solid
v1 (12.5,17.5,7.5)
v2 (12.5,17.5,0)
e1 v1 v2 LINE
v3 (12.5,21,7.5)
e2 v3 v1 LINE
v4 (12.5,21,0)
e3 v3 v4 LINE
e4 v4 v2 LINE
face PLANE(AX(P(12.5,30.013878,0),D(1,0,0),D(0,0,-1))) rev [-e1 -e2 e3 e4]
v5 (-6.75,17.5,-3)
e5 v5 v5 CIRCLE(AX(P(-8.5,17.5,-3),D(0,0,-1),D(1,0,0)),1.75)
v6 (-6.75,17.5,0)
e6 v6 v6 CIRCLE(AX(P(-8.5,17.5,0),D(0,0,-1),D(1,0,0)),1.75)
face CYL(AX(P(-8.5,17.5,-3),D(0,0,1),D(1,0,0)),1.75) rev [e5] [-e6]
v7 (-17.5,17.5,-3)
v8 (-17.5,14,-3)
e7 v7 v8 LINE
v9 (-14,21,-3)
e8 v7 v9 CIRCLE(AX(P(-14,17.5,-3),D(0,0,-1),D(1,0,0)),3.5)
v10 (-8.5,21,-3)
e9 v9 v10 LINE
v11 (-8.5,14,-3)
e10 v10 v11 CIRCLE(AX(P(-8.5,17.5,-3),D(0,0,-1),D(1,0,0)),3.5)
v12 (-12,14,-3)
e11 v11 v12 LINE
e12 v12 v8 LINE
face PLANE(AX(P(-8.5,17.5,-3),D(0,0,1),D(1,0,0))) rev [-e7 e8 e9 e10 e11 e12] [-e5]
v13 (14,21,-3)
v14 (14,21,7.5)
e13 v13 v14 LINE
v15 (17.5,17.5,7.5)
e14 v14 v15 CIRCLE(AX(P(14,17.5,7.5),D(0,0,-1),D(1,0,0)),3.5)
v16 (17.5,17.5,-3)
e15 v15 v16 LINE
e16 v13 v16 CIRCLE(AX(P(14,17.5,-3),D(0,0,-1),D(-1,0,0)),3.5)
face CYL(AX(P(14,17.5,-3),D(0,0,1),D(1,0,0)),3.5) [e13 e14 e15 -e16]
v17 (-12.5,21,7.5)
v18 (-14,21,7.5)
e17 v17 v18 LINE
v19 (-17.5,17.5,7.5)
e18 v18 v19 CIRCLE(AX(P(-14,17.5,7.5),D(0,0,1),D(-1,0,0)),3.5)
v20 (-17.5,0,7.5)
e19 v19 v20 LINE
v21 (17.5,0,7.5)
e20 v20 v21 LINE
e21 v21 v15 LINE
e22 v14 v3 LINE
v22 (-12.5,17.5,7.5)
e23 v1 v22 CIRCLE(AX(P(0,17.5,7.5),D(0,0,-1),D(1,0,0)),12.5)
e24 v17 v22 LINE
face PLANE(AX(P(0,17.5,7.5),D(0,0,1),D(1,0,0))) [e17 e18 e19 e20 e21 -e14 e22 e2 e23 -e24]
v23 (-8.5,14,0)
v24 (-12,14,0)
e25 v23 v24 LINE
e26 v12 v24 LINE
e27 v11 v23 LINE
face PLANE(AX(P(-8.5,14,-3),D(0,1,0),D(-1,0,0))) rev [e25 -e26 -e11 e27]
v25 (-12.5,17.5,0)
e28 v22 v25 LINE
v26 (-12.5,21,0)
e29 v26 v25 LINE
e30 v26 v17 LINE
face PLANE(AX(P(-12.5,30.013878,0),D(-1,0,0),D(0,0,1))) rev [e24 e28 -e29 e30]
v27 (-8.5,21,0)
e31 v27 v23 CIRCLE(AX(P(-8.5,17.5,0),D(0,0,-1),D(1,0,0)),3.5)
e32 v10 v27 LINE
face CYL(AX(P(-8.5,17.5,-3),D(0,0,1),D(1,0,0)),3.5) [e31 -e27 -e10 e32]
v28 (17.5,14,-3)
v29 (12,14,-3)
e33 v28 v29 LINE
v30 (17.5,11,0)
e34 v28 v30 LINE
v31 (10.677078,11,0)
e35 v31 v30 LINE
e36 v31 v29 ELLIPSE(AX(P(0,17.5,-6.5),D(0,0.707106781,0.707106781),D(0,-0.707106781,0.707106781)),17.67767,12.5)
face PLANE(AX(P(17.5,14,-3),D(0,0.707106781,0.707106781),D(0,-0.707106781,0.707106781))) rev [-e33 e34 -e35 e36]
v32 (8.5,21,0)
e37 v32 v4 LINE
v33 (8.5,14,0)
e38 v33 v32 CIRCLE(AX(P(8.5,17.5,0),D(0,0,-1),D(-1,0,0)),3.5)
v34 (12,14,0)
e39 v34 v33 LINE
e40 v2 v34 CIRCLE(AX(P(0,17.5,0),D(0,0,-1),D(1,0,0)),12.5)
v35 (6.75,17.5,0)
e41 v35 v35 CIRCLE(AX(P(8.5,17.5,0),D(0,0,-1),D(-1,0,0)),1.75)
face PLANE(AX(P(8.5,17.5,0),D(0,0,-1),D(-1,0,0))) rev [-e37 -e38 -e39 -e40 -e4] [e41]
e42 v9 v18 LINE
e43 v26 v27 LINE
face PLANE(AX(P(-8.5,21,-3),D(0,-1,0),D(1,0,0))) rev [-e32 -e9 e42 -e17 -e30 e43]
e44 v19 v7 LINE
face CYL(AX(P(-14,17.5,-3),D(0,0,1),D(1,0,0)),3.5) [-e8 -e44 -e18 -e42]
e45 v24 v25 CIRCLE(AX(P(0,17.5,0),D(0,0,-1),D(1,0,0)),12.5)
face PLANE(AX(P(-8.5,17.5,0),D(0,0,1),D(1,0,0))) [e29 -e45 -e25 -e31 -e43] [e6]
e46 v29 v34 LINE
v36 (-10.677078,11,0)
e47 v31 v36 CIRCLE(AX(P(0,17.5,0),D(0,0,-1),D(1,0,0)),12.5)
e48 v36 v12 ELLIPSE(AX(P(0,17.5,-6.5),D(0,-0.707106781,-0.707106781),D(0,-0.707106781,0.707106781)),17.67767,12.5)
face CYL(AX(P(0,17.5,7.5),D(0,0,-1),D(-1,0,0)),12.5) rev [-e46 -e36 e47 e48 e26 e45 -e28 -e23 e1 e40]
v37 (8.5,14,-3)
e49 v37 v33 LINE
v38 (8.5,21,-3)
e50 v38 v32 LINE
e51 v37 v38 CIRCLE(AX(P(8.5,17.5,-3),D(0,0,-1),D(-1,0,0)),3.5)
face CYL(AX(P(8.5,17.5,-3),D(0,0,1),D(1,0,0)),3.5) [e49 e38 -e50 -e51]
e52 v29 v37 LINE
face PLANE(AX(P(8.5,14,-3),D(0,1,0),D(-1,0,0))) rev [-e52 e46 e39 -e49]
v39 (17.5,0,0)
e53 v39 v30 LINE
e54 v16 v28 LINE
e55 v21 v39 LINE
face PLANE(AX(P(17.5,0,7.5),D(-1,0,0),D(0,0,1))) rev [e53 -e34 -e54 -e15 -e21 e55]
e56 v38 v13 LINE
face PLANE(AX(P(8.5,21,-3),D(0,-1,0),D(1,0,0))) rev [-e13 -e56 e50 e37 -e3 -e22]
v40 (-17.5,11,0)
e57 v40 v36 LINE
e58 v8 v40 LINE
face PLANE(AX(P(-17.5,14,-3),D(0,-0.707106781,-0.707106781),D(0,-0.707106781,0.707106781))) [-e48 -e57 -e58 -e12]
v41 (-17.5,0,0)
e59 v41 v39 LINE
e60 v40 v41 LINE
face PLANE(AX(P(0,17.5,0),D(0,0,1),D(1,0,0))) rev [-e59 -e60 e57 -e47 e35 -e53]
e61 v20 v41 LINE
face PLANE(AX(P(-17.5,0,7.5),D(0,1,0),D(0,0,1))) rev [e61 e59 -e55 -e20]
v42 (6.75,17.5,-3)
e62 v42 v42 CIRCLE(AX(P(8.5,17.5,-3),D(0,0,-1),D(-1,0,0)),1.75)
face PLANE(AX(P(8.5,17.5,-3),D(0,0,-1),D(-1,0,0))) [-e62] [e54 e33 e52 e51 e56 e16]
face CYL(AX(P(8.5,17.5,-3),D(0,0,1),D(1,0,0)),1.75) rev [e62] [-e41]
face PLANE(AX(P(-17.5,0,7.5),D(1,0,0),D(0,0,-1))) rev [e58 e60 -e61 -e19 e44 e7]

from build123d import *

# Parameters (mm, degrees)
BOSS_EXTRUDE1_DEPTH = 7.5
SKETCH2_R           = 1.75
BOSS_EXTRUDE2_DEPTH = 3
SKETCH3_W           = 5
SKETCH3_H           = 7.5
BOSS_EXTRUDE3_DEPTH = 3.5
CUT_EXTRUDE1_DEPTH  = 29.346075566
BOSS_EXTRUDE4_DEPTH = 3
RIB1_REACH          = 43.5
SKETCH7_WALL_W      = 89.242640688
SKETCH7_WALL_H      = 5.25255129
BOSS_EXTRUDE5_DEPTH = 2
CUT_EXTRUDE2_DEPTH  = 29.346075566


with BuildPart() as part:
    # Sketch1 → Boss-Extrude1 (new body)
    with BuildSketch(Plane.XY):
        with BuildLine():
            Line((-17.5, 0), (17.5, 0))
            Line((17.5, 0), (17.5, 17.5))
            Line((17.5, 17.5), (12.5, 17.5))
            ThreePointArc((12.5, 17.5), (0, 5), (-12.5, 17.5))
            Line((-12.5, 17.5), (-17.5, 17.5))
            Line((-17.5, 17.5), (-17.5, 0))
        make_face()
    extrude(amount=BOSS_EXTRUDE1_DEPTH)

    # Sketch2 → Boss-Extrude2 (add)
    # profile 1 of 2: a face of its own
    with BuildSketch(Plane(origin=(0, 0, 0), x_dir=(-1, 0, 0), z_dir=(0, 0, -1))):
        with BuildLine():
            Line((-8.5, 14), (-14, 14))
            ThreePointArc((-14, 14), (-17.5, 17.5), (-14, 21))
            Line((-14, 21), (-8.5, 21))
            ThreePointArc((-8.5, 21), (-5, 17.5), (-8.5, 14))
        make_face()
        with Locations((-8.5, 17.5)):
            Circle(SKETCH2_R, mode=Mode.SUBTRACT)
    # profile 2 of 2: a face of its own
    with BuildSketch(Plane(origin=(0, 0, 0), x_dir=(-1, 0, 0), z_dir=(0, 0, -1))):
        with BuildLine():
            Line((8.5, 14), (14, 14))
            ThreePointArc((14, 14), (17.5, 17.5), (14, 21))
            Line((14, 21), (8.5, 21))
            ThreePointArc((8.5, 21), (5, 17.5), (8.5, 14))
        make_face()
        with Locations(Location((8.5, 17.5, 0), (0, 0, 180))):
            Circle(SKETCH2_R, mode=Mode.SUBTRACT)
    extrude(amount=BOSS_EXTRUDE2_DEPTH)

    # Sketch3 → Boss-Extrude3 (add)
    with BuildSketch(Plane(origin=(0, 17.5, 0), x_dir=(1, 0, 0), z_dir=(0, 1, 0))):
        with Locations((15, -3.75)):
            Rectangle(SKETCH3_W, SKETCH3_H)
        with Locations((-15, -3.75)):
            Rectangle(SKETCH3_W, SKETCH3_H)
    extrude(amount=BOSS_EXTRUDE3_DEPTH)

    # Sketch4 → Cut-Extrude1 (cut, through all)
    with BuildSketch(Plane(origin=(0, 0, 0), x_dir=(-1, 0, 0), z_dir=(0, 0, -1))):
        with BuildLine():
            Line((17.5, 21), (17.5, 17.5))
            ThreePointArc((17.5, 17.5), (16.474873734, 19.974873734), (14, 21))
            Line((14, 21), (17.5, 21))
        make_face()
    cut_extrude1 = extrude(amount=-CUT_EXTRUDE1_DEPTH, mode=Mode.SUBTRACT)

    # Sketch5 → Boss-Extrude4 (add)
    with BuildSketch(Plane(origin=(0, 0, 0), x_dir=(-1, 0, 0), z_dir=(0, 0, -1))):
        with BuildLine():
            Line((14, 14), (17.5, 14))
            Line((17.5, 14), (17.5, 17.5))
            ThreePointArc((17.5, 17.5), (16.474873734, 15.025126266), (14, 14))
        make_face()
    boss_extrude4 = extrude(amount=BOSS_EXTRUDE4_DEPTH)

    # Mirror1: Cut-Extrude1, Boss-Extrude4 across plane
    add(cut_extrude1.mirror(Plane(origin=(0, 0, 0), x_dir=(0, 0, 1), z_dir=(1, 0, 0))), mode=Mode.SUBTRACT)
    add(boss_extrude4.mirror(Plane(origin=(0, 0, 0), x_dir=(0, 0, 1), z_dir=(1, 0, 0))))

    # Sketch7 wall → Rib1 (add, up to next)
    with BuildSketch(Plane(origin=(17.5, 12.5, -1.5), x_dir=(0, -0.707106781187, 0.707106781187), z_dir=(0, -0.707106781187, -0.707106781187)), mode=Mode.PRIVATE) as rib1_sk1:
        with Locations((0, 2.626275645)):
            Rectangle(SKETCH7_WALL_W, SKETCH7_WALL_H)
    rib1_tool1 = extrude(rib1_sk1.sketch, amount=-RIB1_REACH, mode=Mode.PRIVATE) - part.part
    rib1 = rib1_tool1.solids().sort_by_distance((17.5, 12.5, -1.5))[0]
    add(rib1)

    # Mirror2: Rib1 across plane
    add(rib1.mirror(Plane(origin=(0, 0, 0), x_dir=(0, 0, 1), z_dir=(1, 0, 0))))

    # Sketch8 → Boss-Extrude5 (add)
    with BuildSketch(Plane(origin=(-12.24744871, 0, 0), x_dir=(0, 0, -1), z_dir=(1, 0, 0))):
        Polygon((3, 14), (0, 11), (0, 14), align=None)
    boss_extrude5 = extrude(amount=BOSS_EXTRUDE5_DEPTH)

    # Sketch9 → Cut-Extrude2 (cut, through all)
    with BuildSketch(Plane.XY):
        with BuildLine():
            Line((-10.24744871, 14), (-12, 14))
            ThreePointArc((-12, 14), (-11.437327901, 12.456436727), (-10.677078252, 11))
            Line((-10.677078252, 11), (-10.24744871, 11))
            Line((-10.24744871, 11), (-10.24744871, 14))
        make_face()
    cut_extrude2 = extrude(amount=-CUT_EXTRUDE2_DEPTH, mode=Mode.SUBTRACT)

    # Mirror3: Boss-Extrude5, Cut-Extrude2 across plane
    add(boss_extrude5.mirror(Plane(origin=(0, 0, 0), x_dir=(0, 0, 1), z_dir=(1, 0, 0))))
    add(cut_extrude2.mirror(Plane(origin=(0, 0, 0), x_dir=(0, 0, 1), z_dir=(1, 0, 0))), mode=Mode.SUBTRACT)


solid = part.part
